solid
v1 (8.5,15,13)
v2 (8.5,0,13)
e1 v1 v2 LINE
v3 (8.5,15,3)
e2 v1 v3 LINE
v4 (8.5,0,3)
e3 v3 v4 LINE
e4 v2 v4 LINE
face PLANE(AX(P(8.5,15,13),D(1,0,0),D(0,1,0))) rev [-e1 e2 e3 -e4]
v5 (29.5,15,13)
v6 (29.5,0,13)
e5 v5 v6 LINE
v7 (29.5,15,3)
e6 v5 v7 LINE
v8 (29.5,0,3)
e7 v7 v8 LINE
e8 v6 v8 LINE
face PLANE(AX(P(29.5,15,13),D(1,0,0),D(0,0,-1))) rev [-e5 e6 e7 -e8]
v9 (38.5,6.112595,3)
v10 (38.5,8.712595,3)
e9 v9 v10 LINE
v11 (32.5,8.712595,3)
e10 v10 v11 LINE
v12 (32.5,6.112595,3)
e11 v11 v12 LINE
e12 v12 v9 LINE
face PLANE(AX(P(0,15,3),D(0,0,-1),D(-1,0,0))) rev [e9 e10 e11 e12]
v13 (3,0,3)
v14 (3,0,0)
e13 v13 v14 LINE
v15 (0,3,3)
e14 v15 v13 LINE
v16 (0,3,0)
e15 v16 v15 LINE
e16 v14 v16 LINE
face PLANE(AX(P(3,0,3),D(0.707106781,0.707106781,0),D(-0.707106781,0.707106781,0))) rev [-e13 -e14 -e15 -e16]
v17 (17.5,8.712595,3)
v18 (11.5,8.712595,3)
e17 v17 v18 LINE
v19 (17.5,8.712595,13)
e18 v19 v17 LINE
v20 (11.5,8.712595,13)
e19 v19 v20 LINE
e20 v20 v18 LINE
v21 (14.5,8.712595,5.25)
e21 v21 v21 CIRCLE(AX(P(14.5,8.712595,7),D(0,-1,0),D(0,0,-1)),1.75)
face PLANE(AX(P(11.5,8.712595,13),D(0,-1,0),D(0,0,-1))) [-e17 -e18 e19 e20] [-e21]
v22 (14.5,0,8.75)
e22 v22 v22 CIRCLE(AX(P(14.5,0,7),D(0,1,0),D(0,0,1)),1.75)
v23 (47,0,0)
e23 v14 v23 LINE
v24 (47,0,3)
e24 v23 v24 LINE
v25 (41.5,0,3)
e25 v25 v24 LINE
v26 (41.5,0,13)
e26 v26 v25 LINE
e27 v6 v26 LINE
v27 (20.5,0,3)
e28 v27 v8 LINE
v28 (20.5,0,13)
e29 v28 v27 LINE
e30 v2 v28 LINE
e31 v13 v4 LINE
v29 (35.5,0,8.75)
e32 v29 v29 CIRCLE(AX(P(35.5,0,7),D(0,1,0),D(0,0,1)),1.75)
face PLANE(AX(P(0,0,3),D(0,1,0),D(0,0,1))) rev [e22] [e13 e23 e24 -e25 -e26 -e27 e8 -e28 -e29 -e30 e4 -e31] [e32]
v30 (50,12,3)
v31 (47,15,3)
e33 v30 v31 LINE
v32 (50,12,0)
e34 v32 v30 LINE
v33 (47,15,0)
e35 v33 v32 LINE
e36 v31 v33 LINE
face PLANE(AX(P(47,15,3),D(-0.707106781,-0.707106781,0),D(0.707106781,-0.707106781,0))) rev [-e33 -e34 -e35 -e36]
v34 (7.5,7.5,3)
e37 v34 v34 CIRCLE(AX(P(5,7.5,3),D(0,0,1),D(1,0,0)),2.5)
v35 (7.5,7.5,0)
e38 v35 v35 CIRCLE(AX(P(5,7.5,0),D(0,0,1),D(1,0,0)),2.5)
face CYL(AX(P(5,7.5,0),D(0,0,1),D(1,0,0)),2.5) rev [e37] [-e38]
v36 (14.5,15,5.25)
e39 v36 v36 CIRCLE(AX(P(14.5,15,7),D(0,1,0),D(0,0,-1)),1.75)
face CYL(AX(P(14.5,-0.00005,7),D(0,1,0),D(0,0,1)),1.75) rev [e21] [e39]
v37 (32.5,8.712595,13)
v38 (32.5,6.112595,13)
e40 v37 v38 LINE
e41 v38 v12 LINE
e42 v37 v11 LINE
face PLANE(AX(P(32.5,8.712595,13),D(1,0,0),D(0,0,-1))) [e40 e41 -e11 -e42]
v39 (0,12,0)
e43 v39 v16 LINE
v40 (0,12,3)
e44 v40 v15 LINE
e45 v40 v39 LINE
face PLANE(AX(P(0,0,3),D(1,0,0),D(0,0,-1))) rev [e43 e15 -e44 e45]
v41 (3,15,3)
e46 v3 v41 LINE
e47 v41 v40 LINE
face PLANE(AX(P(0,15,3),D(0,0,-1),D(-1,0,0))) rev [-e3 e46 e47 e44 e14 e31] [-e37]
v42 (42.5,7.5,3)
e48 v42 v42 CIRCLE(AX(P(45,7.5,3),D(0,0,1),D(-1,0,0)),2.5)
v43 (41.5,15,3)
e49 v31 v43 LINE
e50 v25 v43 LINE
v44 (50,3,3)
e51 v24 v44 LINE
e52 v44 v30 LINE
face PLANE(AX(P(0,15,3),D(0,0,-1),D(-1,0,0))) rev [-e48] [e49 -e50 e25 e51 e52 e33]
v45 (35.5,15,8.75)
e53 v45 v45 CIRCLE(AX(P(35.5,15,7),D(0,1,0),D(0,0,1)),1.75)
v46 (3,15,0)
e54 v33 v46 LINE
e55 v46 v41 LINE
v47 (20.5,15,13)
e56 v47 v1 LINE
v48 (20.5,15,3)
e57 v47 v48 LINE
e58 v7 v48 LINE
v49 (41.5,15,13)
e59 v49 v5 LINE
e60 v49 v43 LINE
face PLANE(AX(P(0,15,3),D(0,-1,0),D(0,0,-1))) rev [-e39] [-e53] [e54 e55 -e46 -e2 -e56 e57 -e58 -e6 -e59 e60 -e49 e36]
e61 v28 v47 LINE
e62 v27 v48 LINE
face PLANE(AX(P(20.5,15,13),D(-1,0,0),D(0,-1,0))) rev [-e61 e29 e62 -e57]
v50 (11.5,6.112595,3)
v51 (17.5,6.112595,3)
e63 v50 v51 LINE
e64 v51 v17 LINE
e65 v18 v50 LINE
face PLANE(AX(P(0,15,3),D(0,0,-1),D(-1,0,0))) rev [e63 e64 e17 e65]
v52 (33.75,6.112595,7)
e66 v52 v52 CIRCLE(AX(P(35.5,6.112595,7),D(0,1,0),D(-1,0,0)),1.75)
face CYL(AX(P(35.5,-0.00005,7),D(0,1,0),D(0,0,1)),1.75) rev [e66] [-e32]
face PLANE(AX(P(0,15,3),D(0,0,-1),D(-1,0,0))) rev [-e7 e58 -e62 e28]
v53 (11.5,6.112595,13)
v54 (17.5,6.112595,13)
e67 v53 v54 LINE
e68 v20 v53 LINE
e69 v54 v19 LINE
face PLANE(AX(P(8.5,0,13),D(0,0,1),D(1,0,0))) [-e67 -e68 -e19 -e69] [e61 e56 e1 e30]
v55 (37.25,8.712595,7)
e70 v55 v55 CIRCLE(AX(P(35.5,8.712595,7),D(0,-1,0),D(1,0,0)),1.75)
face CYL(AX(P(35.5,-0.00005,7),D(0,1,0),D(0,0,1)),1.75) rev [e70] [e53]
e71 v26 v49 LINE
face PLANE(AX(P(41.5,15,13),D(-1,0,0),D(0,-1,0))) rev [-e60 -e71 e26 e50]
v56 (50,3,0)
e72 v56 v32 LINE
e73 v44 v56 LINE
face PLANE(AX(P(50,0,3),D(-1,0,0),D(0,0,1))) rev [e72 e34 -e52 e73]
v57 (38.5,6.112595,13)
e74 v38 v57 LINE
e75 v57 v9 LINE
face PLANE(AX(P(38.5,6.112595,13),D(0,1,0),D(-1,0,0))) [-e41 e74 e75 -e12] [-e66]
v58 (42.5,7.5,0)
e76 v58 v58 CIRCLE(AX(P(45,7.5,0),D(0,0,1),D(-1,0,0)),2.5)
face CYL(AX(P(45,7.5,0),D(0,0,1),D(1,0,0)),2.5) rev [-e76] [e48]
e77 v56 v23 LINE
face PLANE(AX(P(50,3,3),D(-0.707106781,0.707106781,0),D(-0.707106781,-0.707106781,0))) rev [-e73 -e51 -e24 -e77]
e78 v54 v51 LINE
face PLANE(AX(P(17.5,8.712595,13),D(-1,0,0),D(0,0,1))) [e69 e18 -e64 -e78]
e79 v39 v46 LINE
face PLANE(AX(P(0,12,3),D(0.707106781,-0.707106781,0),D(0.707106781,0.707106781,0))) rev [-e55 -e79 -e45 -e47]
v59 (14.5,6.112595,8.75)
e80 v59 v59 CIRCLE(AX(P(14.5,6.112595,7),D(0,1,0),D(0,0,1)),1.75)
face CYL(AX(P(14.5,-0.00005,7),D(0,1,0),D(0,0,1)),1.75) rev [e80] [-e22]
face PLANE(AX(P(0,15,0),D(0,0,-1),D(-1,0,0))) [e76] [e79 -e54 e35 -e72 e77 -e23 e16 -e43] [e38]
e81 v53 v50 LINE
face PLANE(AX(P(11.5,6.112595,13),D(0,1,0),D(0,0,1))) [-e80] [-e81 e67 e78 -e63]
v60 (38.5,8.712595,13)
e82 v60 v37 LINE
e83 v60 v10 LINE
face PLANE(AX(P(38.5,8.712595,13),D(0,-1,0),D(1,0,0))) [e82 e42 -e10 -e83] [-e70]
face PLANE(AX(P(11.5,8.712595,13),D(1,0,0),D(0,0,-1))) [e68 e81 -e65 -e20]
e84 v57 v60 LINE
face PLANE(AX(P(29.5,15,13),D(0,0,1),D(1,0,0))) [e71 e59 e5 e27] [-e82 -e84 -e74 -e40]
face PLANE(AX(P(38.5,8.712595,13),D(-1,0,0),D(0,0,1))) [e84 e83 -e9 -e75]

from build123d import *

# Parameters (mm, degrees)
SKETCH1_W           = 50
SKETCH1_H           = 15
BOSS_EXTRUDE1_DEPTH = 3
SKETCH2_R           = 2.5
CUT_EXTRUDE1_DEPTH  = 4
SKETCH3_W           = 12
SKETCH3_H           = 15
SKETCH3_W_2         = 6
SKETCH3_H_2         = 2.6
BOSS_EXTRUDE2_DEPTH = 10
SKETCH4_R           = 1.75
CUT_EXTRUDE2_DEPTH  = 16
CHAMFER1_SIZE       = 3


with BuildPart() as part:
    # Sketch1 → Boss-Extrude1 (new body)
    with BuildSketch(Plane.XY):
        with Locations((25, 7.5)):
            Rectangle(SKETCH1_W, SKETCH1_H)
    extrude(amount=BOSS_EXTRUDE1_DEPTH)

    # Sketch2 → Cut-Extrude1 (cut, through all)
    with BuildSketch(Plane.XY.offset(3)):
        with Locations((5, 7.5)):
            Circle(SKETCH2_R)
        with Locations((45, 7.5)):
            Circle(SKETCH2_R)
    extrude(amount=-CUT_EXTRUDE1_DEPTH, mode=Mode.SUBTRACT)

    # Sketch3 → Boss-Extrude2 (add)
    with BuildSketch(Plane.XY.offset(3)):
        with Locations((14.5, 7.5)):
            Rectangle(SKETCH3_W, SKETCH3_H)
        with Locations((14.5, 7.412594685)):
            Rectangle(SKETCH3_W_2, SKETCH3_H_2, mode=Mode.SUBTRACT)
        with Locations((35.5, 7.5)):
            Rectangle(SKETCH3_W, SKETCH3_H)
        with Locations((35.5, 7.412594685)):
            Rectangle(SKETCH3_W_2, SKETCH3_H_2, mode=Mode.SUBTRACT)
    extrude(amount=BOSS_EXTRUDE2_DEPTH)

    # Sketch4 → Cut-Extrude2 (cut, through all)
    with BuildSketch(Plane(origin=(0, 15, 0), x_dir=(1, 0, 0), z_dir=(0, 1, 0))):
        with Locations((35.5, -7)):
            Circle(SKETCH4_R)
        with Locations((14.5, -7)):
            Circle(SKETCH4_R)
    extrude(amount=-CUT_EXTRUDE2_DEPTH, mode=Mode.SUBTRACT)

    # Chamfer1
    chamfer1_edges = [part.edges().sort_by_distance(p)[0] for p in [
        (50, 15, 1.5),
        (50, 0, 1.5),
        (0, 0, 1.5),
        (0, 15, 1.5),
    ]]
    chamfer(chamfer1_edges, length=CHAMFER1_SIZE)


solid = part.part
